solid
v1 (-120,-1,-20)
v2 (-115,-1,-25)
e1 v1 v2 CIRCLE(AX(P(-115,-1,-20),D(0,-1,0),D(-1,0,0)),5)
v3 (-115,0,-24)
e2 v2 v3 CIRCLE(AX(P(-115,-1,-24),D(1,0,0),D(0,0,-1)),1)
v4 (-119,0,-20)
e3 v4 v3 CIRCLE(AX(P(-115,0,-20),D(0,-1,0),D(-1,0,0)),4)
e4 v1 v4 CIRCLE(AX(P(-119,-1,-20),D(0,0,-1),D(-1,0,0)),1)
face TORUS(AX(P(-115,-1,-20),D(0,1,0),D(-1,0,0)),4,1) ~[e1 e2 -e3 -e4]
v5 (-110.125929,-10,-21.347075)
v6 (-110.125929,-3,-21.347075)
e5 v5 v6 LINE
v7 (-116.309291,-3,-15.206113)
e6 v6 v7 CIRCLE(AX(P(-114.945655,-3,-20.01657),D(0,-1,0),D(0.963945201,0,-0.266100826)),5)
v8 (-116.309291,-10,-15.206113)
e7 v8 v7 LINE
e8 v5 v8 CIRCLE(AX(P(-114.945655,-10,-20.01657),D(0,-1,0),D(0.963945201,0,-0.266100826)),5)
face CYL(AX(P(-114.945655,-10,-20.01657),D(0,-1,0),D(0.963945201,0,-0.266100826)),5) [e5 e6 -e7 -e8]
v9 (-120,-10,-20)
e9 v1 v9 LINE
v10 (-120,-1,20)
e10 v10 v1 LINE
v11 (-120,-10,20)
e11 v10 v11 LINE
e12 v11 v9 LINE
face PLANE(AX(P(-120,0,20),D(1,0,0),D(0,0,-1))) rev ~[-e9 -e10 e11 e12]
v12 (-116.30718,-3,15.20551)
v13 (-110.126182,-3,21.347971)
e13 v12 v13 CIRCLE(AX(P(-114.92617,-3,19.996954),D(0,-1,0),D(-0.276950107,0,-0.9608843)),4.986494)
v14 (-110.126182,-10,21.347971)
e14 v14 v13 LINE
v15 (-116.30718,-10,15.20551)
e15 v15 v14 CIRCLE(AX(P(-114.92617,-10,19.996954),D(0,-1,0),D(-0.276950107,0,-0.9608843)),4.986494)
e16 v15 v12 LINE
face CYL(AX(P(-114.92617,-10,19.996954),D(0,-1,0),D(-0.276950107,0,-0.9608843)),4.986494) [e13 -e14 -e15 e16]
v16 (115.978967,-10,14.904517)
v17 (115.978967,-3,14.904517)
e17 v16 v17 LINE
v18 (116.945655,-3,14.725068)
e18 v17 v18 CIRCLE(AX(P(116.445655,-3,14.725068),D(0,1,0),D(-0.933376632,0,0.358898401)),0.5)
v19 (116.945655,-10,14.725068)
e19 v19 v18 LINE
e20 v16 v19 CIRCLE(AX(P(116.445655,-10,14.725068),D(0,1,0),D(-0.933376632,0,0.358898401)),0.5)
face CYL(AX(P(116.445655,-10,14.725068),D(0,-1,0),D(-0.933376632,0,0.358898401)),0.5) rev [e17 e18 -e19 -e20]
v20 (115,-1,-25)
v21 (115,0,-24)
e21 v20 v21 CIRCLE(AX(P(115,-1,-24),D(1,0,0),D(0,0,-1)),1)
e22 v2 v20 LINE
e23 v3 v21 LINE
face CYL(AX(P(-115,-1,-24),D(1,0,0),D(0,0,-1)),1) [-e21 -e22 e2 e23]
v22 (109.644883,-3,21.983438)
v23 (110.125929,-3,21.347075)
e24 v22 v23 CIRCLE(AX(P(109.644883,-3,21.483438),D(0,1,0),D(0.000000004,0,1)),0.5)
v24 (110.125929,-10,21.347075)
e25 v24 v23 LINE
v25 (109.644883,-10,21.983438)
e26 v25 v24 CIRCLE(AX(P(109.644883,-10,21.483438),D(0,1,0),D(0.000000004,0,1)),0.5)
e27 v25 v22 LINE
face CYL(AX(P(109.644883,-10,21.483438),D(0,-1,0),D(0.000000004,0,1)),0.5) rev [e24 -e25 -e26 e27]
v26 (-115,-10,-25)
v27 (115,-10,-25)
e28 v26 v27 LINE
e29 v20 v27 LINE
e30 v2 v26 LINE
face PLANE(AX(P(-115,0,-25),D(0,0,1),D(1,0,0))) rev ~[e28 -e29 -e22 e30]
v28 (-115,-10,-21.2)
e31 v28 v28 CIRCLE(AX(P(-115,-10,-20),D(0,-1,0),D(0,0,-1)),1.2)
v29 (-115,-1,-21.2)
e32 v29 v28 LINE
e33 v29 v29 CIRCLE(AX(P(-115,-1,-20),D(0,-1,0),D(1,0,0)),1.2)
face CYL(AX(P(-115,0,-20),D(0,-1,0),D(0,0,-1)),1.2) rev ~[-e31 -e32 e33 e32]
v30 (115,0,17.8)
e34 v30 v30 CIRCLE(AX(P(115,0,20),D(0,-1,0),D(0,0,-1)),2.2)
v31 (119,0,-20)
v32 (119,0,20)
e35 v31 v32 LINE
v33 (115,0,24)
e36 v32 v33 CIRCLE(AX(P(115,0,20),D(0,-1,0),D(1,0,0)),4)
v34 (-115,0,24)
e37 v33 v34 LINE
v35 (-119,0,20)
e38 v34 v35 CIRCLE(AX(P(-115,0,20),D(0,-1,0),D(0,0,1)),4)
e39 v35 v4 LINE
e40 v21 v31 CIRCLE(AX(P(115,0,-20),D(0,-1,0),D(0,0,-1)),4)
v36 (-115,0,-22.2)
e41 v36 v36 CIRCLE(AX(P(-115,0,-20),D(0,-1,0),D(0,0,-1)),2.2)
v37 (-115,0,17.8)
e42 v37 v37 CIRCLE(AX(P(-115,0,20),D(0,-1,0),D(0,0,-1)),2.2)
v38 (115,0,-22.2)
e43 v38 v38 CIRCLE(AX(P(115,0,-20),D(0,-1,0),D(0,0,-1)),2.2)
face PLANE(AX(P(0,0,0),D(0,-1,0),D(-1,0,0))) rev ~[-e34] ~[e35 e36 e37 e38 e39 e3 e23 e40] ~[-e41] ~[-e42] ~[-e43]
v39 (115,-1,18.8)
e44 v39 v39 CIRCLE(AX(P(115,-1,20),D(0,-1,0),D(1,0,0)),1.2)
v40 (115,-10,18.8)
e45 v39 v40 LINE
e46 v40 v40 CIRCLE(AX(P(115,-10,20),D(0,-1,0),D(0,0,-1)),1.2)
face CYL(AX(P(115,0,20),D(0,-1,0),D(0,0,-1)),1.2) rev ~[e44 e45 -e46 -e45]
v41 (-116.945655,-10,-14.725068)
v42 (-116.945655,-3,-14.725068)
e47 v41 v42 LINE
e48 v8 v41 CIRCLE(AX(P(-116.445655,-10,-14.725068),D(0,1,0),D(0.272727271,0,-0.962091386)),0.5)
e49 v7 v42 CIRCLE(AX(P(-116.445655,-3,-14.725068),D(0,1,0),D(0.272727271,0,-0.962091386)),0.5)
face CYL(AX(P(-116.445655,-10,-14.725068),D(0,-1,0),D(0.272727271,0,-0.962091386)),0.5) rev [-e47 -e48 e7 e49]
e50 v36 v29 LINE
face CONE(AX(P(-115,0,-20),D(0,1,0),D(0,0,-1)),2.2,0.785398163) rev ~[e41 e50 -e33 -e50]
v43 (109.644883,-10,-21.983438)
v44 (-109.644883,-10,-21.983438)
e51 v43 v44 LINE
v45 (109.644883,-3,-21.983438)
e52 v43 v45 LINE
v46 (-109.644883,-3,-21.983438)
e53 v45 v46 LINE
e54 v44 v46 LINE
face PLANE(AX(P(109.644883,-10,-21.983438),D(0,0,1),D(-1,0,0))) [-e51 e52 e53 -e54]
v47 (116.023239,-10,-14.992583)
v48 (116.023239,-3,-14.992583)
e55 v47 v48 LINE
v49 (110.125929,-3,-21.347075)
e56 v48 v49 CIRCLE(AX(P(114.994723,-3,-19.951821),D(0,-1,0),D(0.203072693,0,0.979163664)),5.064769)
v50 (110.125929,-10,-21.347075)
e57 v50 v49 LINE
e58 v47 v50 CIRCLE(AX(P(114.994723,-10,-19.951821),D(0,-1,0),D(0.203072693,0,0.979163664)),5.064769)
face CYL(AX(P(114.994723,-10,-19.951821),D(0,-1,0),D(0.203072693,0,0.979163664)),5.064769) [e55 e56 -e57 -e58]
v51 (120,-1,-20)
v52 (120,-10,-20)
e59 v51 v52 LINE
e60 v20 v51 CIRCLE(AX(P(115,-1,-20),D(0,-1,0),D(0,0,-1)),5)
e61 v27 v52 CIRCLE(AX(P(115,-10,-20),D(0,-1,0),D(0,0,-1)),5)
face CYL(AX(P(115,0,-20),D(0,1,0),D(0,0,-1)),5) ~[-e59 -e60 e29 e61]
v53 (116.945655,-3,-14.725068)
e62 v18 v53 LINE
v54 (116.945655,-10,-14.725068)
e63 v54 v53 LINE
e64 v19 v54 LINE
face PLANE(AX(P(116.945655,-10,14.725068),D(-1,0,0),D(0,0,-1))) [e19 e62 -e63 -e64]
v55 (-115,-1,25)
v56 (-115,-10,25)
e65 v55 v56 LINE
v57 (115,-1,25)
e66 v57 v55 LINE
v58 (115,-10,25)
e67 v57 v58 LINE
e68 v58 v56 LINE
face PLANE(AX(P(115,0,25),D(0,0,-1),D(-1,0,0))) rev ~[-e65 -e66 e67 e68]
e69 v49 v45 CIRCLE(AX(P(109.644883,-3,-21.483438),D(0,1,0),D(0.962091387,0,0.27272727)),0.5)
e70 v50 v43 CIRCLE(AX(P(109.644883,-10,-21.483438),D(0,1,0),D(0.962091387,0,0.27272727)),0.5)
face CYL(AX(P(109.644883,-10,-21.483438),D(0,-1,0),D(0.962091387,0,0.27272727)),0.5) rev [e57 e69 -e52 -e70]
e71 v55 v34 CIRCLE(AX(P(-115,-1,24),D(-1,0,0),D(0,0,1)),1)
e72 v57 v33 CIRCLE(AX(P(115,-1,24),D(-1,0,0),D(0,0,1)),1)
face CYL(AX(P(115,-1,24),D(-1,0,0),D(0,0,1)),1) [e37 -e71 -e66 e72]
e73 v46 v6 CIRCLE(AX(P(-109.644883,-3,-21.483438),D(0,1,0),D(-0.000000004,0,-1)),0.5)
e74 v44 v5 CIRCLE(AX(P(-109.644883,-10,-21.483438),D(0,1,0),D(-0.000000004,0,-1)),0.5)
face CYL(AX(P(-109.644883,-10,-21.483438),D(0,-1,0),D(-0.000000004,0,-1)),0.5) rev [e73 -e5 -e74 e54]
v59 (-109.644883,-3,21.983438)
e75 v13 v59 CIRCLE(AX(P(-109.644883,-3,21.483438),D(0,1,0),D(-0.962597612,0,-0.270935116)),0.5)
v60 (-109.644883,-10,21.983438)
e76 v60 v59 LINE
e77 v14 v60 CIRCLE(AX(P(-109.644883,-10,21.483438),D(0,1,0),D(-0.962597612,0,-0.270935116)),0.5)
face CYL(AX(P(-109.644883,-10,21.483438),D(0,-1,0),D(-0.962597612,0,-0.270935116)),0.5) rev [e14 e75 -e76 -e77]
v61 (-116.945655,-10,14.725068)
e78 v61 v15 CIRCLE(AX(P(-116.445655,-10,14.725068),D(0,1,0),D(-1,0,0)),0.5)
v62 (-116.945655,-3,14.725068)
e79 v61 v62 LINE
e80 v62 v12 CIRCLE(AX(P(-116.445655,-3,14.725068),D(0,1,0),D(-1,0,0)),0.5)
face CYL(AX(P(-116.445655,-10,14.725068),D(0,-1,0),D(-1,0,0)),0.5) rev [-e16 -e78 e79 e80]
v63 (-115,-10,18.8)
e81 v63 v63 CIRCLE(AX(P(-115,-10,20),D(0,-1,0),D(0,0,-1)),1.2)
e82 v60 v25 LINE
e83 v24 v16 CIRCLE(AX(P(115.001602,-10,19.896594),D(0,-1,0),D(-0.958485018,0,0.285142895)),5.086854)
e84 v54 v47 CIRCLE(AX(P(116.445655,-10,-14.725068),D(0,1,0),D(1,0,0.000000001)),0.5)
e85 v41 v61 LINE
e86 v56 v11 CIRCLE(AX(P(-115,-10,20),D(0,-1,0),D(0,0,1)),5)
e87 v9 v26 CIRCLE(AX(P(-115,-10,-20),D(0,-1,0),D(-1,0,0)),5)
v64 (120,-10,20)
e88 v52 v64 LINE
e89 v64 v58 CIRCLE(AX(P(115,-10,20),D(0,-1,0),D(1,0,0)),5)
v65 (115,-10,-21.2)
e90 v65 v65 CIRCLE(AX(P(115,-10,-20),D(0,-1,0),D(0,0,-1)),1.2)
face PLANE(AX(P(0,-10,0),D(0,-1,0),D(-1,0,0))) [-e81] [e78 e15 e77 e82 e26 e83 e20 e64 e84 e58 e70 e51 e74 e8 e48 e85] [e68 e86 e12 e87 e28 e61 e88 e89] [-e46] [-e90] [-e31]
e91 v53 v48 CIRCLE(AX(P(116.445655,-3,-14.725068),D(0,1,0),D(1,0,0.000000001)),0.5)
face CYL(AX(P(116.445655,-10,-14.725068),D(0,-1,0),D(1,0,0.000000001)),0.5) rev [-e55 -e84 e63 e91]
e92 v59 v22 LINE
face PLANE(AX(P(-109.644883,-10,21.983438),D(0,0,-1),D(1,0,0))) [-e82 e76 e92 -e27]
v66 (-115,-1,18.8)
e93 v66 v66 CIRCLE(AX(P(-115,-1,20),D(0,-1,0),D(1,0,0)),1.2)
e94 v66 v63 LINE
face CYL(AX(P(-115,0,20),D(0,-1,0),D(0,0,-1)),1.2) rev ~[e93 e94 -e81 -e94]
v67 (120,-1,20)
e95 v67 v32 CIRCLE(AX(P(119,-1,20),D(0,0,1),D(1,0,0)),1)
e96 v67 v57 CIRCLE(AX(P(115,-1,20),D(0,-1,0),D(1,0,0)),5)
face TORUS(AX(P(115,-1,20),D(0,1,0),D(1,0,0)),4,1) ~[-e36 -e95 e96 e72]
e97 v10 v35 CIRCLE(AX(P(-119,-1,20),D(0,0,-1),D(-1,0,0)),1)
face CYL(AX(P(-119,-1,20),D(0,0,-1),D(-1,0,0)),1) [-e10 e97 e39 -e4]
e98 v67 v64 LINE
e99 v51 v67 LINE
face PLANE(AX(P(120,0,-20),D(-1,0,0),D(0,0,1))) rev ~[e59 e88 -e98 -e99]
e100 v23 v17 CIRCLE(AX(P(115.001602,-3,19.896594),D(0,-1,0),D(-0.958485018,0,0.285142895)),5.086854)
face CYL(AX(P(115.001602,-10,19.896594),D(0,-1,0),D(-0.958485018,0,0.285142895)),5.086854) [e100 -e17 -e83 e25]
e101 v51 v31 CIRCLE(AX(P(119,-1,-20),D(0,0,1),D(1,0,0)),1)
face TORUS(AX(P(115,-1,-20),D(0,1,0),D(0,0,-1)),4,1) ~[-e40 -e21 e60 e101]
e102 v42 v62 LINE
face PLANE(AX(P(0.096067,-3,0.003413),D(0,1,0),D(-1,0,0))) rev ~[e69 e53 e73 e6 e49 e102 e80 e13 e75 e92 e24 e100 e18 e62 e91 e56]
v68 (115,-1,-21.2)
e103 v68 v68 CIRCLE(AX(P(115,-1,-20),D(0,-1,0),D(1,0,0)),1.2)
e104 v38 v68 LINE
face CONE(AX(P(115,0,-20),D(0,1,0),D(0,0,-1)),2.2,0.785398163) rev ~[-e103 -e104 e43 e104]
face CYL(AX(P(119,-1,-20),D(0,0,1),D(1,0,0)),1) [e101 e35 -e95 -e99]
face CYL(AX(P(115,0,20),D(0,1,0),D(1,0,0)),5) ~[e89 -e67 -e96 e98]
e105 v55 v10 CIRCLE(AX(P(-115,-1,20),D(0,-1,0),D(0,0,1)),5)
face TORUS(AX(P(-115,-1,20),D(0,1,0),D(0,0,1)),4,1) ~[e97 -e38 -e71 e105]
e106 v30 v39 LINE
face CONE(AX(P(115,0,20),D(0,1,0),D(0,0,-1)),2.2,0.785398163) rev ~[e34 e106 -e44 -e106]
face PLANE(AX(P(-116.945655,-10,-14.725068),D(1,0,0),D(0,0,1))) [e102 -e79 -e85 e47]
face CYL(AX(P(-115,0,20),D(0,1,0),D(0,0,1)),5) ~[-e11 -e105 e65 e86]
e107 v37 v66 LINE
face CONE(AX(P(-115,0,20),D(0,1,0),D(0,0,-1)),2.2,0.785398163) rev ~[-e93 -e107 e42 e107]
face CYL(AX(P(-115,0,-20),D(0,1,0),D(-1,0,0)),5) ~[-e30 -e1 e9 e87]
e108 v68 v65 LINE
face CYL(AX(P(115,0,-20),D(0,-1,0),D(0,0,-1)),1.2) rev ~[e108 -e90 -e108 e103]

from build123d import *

# Parameters (mm, degrees)
BOSS_EXTRUDE1_DEPTH                                 = 10
CUT_EXTRUDE1_DEPTH                                  = 7
CSK_FOR_M2_COUNTERSUNK_FLAT_HEAD_SCREW2_D           = 2.4
CSK_FOR_M2_COUNTERSUNK_FLAT_HEAD_SCREW2_CSINK_D     = 4.4
CSK_FOR_M2_COUNTERSUNK_FLAT_HEAD_SCREW2_CSINK_ANGLE = 90
FILLET1_R                                           = 1


with BuildPart() as part:
    # Sketch1 → Boss-Extrude1 (new body)
    with BuildSketch(Plane(origin=(0, 0, 0), x_dir=(1, 0, 0), z_dir=(0, 1, 0))):
        with BuildLine():
            Line((-115, 25), (115, 25))
            ThreePointArc((115, 25), (118.535533906, 23.535533906), (120, 20))
            Line((120, 20), (120, -20))
            ThreePointArc((120, -20), (118.535533906, -23.535533906), (115, -25))
            Line((115, -25), (-115, -25))
            ThreePointArc((-115, -25), (-118.535533906, -23.535533906), (-120, -20))
            Line((-120, -20), (-120, 20))
            ThreePointArc((-120, 20), (-118.535533906, 23.535533906), (-115, 25))
        make_face()
    extrude(amount=-BOSS_EXTRUDE1_DEPTH)

    # Sketch2 → Cut-Extrude1 (cut)
    with BuildSketch(Plane.XZ.offset(10)):
        with BuildLine():
            ThreePointArc((110.125928985, 21.347074542), (111.23652041, 16.476032992), (115.978966674, 14.904516992))
            ThreePointArc((115.978966674, 14.904516992), (116.536912433, 15.216669336), (116.945654989, 14.725067791))
            Line((116.945654989, 14.725067791), (116.945654989, -14.725067791))
            ThreePointArc((116.945654989, -14.725067791), (116.58492435, -15.205280291), (116.023238809, -14.992583342))
            ThreePointArc((116.023238809, -14.992583342), (111.282334907, -16.506525423), (110.125928985, -21.347074542))
            ThreePointArc((110.125928985, -21.347074542), (110.043745309, -21.784949523), (109.644883292, -21.983438179))
            Line((109.644883292, -21.983438179), (-109.644883292, -21.983438179))
            ThreePointArc((-109.644883292, -21.983438179), (-110.043745309, -21.784949523), (-110.125928985, -21.347074542))
            ThreePointArc((-110.125928985, -21.347074542), (-111.42230579, -16.46889365), (-116.309291353, -15.206113484))
            ThreePointArc((-116.309291353, -15.206113484), (-116.747166334, -15.123929808), (-116.945654989, -14.725067791))
            Line((-116.945654989, -14.725067791), (-116.945654989, 14.725067791))
            ThreePointArc((-116.945654989, 14.725067791), (-116.746289712, 15.124590961), (-116.307179936, 15.205509941))
            ThreePointArc((-116.307179936, 15.205509941), (-111.411229141, 16.459961189), (-110.126182098, 21.347970622))
            ThreePointArc((-110.126182098, 21.347970622), (-110.043464387, 21.78532079), (-109.644883292, 21.983438179))
            Line((-109.644883292, 21.983438179), (109.644883292, 21.983438179))
            ThreePointArc((109.644883292, 21.983438179), (110.043745309, 21.784949523), (110.125928985, 21.347074542))
        make_face()
    extrude(amount=-CUT_EXTRUDE1_DEPTH, mode=Mode.SUBTRACT)

    # CSK for M2 Countersunk Flat Head Screw2 (through all)
    with Locations(Plane(origin=(-115, 0, -20), x_dir=(0, 0, 1), z_dir=(0, 1, 0))):
        with Locations((0, 0), (40, 0), (0, 230), (40, 230)):
            CounterSinkHole(CSK_FOR_M2_COUNTERSUNK_FLAT_HEAD_SCREW2_D / 2, CSK_FOR_M2_COUNTERSUNK_FLAT_HEAD_SCREW2_CSINK_D / 2, counter_sink_angle=CSK_FOR_M2_COUNTERSUNK_FLAT_HEAD_SCREW2_CSINK_ANGLE)

    # Fillet1
    fillet1_edges = [part.edges().sort_by_distance(p)[0] for p in [
        (-120, 0, 0),
        (-118.535533906, 0, -23.535533906),
        (0, 0, -25),
        (118.535533906, 0, -23.535533906),
        (120, 0, 0),
        (118.535533906, 0, 23.535533906),
        (0, 0, 25),
        (-118.535533906, 0, 23.535533906),
    ]]
    fillet(fillet1_edges, radius=FILLET1_R)


solid = part.part
